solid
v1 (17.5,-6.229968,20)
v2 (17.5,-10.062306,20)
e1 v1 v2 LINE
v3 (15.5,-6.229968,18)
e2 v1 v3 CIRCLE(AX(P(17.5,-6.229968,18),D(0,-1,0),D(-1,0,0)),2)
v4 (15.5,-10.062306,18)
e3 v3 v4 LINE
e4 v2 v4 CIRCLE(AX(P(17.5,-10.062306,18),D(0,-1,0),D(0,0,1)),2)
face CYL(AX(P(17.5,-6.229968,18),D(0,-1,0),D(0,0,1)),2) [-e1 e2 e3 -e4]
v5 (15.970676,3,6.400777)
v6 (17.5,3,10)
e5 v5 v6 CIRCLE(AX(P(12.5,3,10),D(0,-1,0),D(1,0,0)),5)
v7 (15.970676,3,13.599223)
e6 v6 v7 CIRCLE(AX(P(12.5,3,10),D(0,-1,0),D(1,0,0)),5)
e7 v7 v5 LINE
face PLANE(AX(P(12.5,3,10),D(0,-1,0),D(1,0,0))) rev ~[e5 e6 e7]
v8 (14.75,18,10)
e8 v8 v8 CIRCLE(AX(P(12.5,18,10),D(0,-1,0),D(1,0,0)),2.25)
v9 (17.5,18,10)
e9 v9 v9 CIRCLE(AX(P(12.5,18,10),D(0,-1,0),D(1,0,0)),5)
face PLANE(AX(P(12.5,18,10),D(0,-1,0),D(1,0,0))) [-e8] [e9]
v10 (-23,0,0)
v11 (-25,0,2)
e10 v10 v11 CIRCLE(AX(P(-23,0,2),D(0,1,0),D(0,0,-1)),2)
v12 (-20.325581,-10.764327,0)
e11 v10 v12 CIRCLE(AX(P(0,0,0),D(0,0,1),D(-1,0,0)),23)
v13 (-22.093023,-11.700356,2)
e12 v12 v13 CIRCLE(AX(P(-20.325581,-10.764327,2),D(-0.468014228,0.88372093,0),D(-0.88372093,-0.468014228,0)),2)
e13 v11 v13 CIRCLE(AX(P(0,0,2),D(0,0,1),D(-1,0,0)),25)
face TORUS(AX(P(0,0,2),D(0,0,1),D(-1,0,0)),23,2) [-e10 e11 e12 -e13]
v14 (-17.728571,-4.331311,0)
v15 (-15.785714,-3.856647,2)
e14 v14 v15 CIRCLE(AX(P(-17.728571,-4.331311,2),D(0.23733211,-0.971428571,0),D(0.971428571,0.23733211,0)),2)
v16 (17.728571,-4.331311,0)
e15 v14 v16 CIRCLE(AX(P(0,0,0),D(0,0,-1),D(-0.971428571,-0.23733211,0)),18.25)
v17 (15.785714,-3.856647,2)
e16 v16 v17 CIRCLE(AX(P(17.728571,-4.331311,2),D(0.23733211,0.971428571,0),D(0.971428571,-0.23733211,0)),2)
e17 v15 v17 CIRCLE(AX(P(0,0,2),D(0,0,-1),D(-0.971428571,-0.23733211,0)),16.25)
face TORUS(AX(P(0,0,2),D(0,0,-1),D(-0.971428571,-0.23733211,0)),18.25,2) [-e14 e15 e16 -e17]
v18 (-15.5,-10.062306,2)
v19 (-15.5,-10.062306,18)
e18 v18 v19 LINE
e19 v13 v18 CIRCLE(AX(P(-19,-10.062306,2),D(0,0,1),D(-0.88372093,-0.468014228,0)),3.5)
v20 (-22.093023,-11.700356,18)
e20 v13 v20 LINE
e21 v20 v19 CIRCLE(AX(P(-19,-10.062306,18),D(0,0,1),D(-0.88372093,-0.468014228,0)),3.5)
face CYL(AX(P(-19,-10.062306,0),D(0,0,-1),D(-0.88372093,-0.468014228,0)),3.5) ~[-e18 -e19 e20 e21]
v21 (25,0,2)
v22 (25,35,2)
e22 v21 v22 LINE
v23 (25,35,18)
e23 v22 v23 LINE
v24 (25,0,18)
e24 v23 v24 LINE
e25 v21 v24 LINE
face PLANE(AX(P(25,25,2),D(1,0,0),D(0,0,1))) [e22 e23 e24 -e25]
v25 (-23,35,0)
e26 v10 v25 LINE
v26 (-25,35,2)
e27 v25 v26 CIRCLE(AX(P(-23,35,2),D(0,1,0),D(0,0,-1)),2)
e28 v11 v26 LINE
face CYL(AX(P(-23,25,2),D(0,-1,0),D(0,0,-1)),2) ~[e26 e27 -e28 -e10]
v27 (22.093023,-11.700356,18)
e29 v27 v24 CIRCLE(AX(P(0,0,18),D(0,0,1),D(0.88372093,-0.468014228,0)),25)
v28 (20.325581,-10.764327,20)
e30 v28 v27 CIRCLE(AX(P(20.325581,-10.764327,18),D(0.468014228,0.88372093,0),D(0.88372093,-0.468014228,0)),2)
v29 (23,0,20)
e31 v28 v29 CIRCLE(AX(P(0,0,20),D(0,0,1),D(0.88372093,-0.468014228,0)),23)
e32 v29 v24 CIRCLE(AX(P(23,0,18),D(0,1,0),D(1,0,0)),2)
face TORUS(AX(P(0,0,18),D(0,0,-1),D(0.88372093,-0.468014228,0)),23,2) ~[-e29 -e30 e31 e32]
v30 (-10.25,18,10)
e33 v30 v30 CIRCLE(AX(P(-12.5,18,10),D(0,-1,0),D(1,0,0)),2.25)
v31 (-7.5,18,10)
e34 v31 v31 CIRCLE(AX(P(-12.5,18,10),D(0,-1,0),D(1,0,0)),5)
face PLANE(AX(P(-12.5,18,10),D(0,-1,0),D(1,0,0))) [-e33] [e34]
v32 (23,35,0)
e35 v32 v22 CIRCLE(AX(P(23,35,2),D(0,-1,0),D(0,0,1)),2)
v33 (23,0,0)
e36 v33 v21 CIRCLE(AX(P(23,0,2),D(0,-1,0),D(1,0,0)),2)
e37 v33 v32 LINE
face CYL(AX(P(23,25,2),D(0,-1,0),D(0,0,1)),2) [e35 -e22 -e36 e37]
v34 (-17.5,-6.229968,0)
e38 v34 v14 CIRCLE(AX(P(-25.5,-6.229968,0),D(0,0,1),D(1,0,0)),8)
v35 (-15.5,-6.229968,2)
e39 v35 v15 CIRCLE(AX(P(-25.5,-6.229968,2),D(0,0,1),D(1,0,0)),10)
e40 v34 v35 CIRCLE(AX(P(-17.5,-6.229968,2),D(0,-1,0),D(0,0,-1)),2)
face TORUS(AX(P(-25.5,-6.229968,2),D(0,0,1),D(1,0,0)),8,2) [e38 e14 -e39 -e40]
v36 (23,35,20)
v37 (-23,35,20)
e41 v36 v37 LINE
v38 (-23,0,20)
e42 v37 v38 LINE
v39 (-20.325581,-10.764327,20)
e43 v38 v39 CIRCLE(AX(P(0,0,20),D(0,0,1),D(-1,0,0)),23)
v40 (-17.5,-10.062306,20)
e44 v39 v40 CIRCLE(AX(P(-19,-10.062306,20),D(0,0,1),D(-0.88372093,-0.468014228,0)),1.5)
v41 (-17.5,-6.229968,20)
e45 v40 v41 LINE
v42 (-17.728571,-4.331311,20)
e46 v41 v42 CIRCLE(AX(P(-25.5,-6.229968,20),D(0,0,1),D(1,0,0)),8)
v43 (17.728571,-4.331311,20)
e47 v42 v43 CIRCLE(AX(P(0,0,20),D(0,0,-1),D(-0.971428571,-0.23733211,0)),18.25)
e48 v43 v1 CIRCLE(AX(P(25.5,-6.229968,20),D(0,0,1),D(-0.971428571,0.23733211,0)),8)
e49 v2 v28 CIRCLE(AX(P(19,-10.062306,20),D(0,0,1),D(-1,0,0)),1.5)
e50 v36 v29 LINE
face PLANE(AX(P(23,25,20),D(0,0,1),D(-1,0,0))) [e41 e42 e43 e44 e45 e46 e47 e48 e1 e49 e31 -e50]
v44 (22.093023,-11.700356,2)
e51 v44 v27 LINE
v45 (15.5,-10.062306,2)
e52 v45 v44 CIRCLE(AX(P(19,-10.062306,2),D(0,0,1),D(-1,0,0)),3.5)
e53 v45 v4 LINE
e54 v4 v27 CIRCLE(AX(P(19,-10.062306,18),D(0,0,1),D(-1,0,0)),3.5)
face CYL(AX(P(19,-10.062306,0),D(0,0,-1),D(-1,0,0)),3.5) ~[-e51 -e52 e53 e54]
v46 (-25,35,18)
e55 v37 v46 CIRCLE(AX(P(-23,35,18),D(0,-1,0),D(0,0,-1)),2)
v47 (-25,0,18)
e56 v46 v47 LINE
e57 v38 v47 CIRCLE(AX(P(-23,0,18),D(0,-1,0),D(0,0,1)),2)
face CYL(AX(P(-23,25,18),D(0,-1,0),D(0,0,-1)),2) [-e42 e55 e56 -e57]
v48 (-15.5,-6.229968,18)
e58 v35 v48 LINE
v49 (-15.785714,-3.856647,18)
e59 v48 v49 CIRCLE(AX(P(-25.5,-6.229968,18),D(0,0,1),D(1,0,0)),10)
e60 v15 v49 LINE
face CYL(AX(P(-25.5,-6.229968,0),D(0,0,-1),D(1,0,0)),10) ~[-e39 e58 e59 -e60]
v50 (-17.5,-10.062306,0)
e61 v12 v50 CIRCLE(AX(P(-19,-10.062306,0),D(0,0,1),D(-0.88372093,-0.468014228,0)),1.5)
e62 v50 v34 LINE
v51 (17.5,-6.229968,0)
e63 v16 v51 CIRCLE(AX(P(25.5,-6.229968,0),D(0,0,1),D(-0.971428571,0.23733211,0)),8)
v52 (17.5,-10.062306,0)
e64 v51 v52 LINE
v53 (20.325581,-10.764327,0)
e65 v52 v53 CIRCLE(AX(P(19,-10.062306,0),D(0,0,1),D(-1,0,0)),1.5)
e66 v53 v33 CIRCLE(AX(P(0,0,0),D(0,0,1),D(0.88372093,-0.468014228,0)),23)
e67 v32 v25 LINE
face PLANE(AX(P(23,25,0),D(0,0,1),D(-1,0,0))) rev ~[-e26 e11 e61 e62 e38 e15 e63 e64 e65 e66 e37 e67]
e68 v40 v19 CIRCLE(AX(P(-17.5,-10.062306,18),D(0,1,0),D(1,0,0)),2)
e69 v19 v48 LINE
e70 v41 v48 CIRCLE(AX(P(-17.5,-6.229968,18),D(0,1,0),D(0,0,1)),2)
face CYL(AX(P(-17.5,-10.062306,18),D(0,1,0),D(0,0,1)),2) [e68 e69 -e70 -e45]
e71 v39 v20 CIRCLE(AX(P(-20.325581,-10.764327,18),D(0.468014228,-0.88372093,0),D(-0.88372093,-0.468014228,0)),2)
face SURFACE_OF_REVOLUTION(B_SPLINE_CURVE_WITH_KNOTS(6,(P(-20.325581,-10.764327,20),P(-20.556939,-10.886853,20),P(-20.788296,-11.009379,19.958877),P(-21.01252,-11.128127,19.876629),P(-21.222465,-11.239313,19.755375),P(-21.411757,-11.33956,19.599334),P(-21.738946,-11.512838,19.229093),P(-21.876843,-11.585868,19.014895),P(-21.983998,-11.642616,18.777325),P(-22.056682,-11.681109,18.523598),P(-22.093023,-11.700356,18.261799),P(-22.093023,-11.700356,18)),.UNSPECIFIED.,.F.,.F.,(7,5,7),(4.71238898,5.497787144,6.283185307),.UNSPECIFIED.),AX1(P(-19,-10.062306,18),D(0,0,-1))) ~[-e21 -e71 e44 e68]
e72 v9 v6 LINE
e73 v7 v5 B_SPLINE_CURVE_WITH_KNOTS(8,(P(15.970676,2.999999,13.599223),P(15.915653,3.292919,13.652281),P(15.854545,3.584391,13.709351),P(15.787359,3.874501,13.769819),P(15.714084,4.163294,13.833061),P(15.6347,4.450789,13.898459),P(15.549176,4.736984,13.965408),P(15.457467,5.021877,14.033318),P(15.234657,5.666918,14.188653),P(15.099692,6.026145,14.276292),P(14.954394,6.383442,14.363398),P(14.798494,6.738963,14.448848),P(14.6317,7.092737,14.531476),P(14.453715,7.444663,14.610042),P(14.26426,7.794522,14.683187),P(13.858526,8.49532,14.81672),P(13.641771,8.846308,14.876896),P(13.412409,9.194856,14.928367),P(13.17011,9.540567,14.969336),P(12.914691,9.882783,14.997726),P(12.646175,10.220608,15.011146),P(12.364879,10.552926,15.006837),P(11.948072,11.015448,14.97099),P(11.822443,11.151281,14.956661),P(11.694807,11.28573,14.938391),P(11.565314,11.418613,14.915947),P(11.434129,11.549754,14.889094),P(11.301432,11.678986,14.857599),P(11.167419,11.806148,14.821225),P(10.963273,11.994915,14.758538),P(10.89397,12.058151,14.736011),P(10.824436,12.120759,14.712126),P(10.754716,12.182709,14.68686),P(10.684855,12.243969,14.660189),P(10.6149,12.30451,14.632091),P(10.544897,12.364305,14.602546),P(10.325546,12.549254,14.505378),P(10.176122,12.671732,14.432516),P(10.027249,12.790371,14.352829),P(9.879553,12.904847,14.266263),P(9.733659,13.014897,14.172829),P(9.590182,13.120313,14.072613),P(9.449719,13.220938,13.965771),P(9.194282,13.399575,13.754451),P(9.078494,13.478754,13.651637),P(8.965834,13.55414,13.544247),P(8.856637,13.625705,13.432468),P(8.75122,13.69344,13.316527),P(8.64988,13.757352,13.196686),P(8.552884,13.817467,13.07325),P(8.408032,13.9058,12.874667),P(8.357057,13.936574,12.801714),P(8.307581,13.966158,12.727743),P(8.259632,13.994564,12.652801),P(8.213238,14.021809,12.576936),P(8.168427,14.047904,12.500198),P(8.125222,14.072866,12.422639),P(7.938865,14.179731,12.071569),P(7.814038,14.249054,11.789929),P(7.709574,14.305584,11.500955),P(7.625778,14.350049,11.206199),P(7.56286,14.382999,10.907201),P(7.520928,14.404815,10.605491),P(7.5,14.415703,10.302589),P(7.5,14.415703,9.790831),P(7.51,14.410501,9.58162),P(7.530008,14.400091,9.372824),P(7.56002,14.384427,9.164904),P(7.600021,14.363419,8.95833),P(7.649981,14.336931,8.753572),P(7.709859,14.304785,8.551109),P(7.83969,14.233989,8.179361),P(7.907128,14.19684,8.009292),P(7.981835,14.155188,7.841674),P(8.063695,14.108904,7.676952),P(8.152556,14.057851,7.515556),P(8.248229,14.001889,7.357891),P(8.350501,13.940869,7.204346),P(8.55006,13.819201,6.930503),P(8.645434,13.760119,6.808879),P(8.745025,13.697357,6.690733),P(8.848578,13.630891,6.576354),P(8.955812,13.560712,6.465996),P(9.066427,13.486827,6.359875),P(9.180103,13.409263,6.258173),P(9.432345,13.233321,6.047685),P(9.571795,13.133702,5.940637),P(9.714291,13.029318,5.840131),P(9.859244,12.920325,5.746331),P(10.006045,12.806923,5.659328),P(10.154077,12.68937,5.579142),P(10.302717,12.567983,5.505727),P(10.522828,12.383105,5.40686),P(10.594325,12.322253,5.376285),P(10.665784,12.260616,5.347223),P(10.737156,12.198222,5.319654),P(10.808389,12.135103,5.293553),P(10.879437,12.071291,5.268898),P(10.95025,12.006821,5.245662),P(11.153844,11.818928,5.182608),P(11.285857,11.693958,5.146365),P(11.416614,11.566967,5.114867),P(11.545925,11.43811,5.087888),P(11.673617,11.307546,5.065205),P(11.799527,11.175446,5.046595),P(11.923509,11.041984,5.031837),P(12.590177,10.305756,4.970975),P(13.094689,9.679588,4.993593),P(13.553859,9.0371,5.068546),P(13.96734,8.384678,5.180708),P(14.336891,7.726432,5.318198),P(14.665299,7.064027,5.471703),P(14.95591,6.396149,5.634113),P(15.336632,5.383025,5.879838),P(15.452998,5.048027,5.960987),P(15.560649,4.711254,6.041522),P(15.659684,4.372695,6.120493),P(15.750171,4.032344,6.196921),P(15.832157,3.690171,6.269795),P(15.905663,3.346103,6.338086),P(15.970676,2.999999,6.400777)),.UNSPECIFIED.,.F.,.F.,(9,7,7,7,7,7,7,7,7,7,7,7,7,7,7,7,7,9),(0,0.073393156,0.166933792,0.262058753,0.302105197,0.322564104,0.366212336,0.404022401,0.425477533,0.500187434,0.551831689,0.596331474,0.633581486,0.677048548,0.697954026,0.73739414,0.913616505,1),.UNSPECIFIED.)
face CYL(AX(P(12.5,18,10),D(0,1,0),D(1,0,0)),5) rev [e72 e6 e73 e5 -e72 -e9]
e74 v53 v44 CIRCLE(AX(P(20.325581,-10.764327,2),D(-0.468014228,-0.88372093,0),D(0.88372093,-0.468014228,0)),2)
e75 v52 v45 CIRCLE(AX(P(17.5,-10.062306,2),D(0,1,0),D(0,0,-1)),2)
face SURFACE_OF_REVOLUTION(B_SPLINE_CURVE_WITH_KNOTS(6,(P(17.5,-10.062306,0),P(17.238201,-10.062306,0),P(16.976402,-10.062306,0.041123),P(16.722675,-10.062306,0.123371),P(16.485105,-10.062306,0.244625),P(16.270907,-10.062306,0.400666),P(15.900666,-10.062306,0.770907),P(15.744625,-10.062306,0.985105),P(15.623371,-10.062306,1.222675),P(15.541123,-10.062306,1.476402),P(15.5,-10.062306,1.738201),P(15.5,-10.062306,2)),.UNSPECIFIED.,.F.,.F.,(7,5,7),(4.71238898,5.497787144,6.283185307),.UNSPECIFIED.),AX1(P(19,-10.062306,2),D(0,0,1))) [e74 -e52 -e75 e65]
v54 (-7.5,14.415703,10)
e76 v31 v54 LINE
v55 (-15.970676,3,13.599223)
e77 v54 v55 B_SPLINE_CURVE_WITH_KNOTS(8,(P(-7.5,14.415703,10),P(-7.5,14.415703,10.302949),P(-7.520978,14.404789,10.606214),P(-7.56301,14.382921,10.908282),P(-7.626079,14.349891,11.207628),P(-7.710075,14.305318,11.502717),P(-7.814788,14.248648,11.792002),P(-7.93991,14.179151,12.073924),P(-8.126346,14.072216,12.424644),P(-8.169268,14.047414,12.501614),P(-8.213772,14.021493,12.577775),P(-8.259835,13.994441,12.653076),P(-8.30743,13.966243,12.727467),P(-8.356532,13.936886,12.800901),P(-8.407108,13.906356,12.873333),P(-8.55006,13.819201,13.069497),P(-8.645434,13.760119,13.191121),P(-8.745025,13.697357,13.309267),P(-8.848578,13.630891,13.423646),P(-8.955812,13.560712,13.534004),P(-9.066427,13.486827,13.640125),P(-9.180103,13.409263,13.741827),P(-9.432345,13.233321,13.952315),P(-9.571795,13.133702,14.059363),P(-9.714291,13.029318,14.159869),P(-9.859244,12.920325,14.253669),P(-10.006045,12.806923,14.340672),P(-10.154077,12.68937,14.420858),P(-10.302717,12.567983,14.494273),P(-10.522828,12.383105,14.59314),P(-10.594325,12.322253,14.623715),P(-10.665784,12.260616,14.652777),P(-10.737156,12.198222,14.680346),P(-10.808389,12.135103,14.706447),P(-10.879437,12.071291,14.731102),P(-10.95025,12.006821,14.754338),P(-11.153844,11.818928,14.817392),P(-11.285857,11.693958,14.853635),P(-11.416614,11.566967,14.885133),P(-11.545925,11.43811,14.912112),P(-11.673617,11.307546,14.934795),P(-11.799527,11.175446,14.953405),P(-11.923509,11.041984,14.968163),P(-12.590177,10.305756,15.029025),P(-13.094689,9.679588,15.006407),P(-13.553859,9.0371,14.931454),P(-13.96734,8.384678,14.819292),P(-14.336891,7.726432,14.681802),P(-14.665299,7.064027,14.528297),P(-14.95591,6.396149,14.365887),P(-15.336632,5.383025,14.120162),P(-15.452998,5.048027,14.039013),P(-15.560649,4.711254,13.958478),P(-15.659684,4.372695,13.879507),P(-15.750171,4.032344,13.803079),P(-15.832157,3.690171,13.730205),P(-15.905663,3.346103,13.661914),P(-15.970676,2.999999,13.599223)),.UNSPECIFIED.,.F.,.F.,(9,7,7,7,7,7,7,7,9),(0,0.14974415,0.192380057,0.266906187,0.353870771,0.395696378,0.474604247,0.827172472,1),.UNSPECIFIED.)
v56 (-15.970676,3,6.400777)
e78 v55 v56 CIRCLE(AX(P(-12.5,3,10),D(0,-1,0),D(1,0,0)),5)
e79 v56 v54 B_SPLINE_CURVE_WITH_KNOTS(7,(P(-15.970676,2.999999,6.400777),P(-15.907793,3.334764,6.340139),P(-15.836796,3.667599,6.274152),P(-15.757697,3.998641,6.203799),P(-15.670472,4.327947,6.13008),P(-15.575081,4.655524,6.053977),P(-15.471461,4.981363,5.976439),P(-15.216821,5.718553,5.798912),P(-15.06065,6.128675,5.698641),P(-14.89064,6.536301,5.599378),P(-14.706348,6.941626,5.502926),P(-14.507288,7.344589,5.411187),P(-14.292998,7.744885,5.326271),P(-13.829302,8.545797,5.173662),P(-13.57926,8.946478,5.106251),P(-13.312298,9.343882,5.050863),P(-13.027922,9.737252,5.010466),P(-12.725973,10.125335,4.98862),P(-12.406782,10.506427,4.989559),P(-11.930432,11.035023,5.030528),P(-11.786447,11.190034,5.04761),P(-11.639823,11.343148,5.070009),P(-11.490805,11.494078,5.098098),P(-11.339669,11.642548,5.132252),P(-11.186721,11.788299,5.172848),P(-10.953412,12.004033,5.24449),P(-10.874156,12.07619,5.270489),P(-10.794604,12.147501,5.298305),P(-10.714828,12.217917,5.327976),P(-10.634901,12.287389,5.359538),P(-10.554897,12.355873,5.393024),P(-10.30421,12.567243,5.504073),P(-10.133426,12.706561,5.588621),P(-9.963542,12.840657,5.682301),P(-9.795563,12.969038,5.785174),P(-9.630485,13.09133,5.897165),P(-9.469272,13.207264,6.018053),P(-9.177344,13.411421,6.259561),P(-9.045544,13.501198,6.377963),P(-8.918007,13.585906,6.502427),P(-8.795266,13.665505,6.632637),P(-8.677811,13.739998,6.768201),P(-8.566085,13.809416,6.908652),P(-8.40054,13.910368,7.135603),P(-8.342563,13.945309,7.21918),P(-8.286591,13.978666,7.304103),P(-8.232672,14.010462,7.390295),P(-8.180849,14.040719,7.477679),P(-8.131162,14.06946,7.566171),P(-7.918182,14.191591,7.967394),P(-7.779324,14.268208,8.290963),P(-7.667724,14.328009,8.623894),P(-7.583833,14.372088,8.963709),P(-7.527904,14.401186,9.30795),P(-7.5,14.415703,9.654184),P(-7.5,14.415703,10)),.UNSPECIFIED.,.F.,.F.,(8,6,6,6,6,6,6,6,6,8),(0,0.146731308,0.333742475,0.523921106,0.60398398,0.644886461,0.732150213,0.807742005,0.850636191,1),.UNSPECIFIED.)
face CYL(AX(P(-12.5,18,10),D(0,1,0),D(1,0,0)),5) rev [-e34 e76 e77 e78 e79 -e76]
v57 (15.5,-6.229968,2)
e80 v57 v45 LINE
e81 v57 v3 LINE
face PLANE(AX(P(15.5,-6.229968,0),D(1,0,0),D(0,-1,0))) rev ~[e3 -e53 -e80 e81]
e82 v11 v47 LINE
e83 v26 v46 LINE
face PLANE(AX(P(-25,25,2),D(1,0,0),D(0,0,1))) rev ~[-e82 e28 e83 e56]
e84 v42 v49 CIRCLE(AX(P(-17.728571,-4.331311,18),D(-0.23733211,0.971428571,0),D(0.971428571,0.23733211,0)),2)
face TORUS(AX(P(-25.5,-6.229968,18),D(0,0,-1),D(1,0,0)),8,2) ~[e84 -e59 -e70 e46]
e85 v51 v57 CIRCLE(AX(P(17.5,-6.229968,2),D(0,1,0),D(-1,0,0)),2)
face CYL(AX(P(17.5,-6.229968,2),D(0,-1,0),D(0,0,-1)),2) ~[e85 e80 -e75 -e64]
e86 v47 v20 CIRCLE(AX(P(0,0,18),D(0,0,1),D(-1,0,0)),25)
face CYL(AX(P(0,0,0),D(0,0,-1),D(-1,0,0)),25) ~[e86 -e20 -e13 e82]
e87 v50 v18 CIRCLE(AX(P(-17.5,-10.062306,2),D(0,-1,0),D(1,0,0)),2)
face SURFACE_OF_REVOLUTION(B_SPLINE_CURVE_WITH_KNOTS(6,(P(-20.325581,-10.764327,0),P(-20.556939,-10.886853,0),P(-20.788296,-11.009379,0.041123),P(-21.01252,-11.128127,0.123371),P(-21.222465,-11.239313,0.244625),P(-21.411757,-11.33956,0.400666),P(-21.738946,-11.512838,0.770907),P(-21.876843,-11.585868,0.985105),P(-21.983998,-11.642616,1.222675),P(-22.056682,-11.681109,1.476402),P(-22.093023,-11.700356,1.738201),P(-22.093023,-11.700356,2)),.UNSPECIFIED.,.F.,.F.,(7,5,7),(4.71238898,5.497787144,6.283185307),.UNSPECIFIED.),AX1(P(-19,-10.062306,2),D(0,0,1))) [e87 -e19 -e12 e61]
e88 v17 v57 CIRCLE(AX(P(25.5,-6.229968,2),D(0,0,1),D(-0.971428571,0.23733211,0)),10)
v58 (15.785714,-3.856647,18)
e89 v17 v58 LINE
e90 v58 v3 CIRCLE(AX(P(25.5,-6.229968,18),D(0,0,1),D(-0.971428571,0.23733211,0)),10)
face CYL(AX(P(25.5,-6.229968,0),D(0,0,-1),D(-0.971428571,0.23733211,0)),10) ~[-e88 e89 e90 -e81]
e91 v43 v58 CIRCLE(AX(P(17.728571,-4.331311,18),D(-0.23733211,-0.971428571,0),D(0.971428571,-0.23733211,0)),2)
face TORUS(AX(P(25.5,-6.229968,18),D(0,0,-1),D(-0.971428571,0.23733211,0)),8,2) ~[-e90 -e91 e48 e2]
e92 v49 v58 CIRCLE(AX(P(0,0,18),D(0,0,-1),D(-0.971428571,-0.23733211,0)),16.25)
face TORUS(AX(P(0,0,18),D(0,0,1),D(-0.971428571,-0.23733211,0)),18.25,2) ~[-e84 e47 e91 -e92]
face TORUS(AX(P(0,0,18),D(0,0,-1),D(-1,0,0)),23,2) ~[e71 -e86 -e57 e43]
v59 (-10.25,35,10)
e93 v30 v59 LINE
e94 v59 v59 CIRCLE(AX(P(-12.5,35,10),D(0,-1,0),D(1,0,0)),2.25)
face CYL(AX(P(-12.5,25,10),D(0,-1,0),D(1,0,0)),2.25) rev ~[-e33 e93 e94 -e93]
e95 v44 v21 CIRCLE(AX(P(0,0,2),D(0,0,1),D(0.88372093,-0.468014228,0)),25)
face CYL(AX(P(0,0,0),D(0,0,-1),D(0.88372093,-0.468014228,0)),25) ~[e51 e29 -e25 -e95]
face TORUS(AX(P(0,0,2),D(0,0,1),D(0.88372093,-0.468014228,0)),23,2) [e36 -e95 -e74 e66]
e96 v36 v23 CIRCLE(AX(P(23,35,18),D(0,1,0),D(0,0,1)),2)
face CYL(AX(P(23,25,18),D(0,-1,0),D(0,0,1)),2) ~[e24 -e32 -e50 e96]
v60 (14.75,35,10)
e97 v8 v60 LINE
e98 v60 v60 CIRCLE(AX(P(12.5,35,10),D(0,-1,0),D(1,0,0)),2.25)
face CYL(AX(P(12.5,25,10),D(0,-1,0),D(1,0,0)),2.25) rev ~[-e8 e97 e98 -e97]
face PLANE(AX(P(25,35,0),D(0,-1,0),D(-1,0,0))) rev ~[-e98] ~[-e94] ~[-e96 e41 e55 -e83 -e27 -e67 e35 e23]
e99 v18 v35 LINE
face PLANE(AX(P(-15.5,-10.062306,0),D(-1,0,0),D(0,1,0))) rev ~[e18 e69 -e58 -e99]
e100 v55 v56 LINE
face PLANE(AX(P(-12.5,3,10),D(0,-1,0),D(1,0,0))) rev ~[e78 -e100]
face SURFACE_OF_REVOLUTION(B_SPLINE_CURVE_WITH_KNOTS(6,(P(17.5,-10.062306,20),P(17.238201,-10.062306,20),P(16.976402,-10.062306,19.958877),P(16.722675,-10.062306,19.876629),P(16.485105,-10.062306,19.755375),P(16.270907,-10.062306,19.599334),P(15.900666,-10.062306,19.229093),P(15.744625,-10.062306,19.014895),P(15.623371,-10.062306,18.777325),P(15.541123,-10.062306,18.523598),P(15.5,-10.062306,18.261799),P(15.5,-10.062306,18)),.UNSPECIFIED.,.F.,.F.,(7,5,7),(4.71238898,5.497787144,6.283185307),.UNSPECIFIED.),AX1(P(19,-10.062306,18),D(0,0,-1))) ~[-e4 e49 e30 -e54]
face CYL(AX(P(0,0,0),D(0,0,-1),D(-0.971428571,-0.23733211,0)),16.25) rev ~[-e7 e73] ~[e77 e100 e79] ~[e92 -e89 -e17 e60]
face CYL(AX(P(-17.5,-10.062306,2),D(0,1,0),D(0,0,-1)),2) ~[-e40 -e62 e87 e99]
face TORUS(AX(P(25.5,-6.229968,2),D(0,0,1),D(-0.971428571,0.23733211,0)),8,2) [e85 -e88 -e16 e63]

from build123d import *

# Parameters (mm, degrees)
F1_DEPTH = 20
F3_D     = 4.5
F3_DEPTH = 25
F3_TIP   = 1.3519363928
F6_R     = 2
F5_R     = 5
F7_DEPTH = 15
F8_DEPTH = 10


with BuildPart() as f1:
    # F0 (on Top) → F1 (new body)
    with BuildSketch(Plane.XY):
        with BuildLine():
            ThreePointArc((-15.7857142857, -3.8566467935), (0, 16.25), (15.7857142857, -3.8566467935))
            ThreePointArc((15.7857142857, -3.8566467935), (15.5716855121, -5.0347392879), (15.5, -6.2299678972))
            Line((15.5, -6.2299678972), (15.5, -10.0623058987))
            ThreePointArc((15.5, -10.0623058987), (18.1560750612, -13.4590382547), (22.0930232558, -11.7003556962))
            ThreePointArc((22.0930232558, -11.7003556962), (24.2623739708, -6.0280352771), (25, 0))
            Line((25, 0), (25, 25))
            Line((25, 25), (0, 25))
            Line((0, 25), (-25, 25))
            Line((-25, 25), (-25, 0))
            ThreePointArc((-25, 0), (-24.2623739708, -6.0280352771), (-22.0930232558, -11.7003556962))
            ThreePointArc((-22.0930232558, -11.7003556962), (-18.1560750612, -13.4590382547), (-15.5, -10.0623058987))
            Line((-15.5, -10.0623058987), (-15.5, -6.2299678972))
            ThreePointArc((-15.5, -6.2299678972), (-15.5716855121, -5.0347392879), (-15.7857142857, -3.8566467935))
        make_face()
    extrude(amount=F1_DEPTH)

    # F3
    with Locations(Plane(origin=(0, 25, 0), x_dir=(-1, 0, 0), z_dir=(0, 1, 0))):
        with Locations((-12.5, 10), (12.5, 10)):
            Hole(F3_D / 2, depth=F3_DEPTH)
            with Locations((0, 0, -(F3_DEPTH + F3_TIP / 2))):  # 118° drill point
                Cone(0, F3_D / 2, F3_TIP, mode=Mode.SUBTRACT)

    # F6
    f6_edges = [f1.edges().sort_by_distance(p)[0] for p in [
        (-25, 12.5, 0),
        (-24.262374, -6.028035, 0),
        (0, 16.25, 0),
        (18.156075, -13.459038, 0),
        (25, 12.5, 20),
        (0, 16.25, 20),
        (-18.156075, -13.459038, 20),
    ]]
    fillet(f6_edges, radius=F6_R)

    # F5 (on offset) → F7 (cut)
    with BuildSketch(Plane.XZ.offset(-18)):
        with Locations((-12.5, 10)):
            Circle(F5_R)
        with Locations((12.5, 10)):
            Circle(F5_R)
    extrude(amount=F7_DEPTH, mode=Mode.SUBTRACT)

    # F8 (add): a face of the model
    f8_faces = [f1.faces().sort_by_distance(p)[0] for p in [
        (0, 25, 10),
    ]]
    extrude(f8_faces, amount=F8_DEPTH)


solid = f1.part
